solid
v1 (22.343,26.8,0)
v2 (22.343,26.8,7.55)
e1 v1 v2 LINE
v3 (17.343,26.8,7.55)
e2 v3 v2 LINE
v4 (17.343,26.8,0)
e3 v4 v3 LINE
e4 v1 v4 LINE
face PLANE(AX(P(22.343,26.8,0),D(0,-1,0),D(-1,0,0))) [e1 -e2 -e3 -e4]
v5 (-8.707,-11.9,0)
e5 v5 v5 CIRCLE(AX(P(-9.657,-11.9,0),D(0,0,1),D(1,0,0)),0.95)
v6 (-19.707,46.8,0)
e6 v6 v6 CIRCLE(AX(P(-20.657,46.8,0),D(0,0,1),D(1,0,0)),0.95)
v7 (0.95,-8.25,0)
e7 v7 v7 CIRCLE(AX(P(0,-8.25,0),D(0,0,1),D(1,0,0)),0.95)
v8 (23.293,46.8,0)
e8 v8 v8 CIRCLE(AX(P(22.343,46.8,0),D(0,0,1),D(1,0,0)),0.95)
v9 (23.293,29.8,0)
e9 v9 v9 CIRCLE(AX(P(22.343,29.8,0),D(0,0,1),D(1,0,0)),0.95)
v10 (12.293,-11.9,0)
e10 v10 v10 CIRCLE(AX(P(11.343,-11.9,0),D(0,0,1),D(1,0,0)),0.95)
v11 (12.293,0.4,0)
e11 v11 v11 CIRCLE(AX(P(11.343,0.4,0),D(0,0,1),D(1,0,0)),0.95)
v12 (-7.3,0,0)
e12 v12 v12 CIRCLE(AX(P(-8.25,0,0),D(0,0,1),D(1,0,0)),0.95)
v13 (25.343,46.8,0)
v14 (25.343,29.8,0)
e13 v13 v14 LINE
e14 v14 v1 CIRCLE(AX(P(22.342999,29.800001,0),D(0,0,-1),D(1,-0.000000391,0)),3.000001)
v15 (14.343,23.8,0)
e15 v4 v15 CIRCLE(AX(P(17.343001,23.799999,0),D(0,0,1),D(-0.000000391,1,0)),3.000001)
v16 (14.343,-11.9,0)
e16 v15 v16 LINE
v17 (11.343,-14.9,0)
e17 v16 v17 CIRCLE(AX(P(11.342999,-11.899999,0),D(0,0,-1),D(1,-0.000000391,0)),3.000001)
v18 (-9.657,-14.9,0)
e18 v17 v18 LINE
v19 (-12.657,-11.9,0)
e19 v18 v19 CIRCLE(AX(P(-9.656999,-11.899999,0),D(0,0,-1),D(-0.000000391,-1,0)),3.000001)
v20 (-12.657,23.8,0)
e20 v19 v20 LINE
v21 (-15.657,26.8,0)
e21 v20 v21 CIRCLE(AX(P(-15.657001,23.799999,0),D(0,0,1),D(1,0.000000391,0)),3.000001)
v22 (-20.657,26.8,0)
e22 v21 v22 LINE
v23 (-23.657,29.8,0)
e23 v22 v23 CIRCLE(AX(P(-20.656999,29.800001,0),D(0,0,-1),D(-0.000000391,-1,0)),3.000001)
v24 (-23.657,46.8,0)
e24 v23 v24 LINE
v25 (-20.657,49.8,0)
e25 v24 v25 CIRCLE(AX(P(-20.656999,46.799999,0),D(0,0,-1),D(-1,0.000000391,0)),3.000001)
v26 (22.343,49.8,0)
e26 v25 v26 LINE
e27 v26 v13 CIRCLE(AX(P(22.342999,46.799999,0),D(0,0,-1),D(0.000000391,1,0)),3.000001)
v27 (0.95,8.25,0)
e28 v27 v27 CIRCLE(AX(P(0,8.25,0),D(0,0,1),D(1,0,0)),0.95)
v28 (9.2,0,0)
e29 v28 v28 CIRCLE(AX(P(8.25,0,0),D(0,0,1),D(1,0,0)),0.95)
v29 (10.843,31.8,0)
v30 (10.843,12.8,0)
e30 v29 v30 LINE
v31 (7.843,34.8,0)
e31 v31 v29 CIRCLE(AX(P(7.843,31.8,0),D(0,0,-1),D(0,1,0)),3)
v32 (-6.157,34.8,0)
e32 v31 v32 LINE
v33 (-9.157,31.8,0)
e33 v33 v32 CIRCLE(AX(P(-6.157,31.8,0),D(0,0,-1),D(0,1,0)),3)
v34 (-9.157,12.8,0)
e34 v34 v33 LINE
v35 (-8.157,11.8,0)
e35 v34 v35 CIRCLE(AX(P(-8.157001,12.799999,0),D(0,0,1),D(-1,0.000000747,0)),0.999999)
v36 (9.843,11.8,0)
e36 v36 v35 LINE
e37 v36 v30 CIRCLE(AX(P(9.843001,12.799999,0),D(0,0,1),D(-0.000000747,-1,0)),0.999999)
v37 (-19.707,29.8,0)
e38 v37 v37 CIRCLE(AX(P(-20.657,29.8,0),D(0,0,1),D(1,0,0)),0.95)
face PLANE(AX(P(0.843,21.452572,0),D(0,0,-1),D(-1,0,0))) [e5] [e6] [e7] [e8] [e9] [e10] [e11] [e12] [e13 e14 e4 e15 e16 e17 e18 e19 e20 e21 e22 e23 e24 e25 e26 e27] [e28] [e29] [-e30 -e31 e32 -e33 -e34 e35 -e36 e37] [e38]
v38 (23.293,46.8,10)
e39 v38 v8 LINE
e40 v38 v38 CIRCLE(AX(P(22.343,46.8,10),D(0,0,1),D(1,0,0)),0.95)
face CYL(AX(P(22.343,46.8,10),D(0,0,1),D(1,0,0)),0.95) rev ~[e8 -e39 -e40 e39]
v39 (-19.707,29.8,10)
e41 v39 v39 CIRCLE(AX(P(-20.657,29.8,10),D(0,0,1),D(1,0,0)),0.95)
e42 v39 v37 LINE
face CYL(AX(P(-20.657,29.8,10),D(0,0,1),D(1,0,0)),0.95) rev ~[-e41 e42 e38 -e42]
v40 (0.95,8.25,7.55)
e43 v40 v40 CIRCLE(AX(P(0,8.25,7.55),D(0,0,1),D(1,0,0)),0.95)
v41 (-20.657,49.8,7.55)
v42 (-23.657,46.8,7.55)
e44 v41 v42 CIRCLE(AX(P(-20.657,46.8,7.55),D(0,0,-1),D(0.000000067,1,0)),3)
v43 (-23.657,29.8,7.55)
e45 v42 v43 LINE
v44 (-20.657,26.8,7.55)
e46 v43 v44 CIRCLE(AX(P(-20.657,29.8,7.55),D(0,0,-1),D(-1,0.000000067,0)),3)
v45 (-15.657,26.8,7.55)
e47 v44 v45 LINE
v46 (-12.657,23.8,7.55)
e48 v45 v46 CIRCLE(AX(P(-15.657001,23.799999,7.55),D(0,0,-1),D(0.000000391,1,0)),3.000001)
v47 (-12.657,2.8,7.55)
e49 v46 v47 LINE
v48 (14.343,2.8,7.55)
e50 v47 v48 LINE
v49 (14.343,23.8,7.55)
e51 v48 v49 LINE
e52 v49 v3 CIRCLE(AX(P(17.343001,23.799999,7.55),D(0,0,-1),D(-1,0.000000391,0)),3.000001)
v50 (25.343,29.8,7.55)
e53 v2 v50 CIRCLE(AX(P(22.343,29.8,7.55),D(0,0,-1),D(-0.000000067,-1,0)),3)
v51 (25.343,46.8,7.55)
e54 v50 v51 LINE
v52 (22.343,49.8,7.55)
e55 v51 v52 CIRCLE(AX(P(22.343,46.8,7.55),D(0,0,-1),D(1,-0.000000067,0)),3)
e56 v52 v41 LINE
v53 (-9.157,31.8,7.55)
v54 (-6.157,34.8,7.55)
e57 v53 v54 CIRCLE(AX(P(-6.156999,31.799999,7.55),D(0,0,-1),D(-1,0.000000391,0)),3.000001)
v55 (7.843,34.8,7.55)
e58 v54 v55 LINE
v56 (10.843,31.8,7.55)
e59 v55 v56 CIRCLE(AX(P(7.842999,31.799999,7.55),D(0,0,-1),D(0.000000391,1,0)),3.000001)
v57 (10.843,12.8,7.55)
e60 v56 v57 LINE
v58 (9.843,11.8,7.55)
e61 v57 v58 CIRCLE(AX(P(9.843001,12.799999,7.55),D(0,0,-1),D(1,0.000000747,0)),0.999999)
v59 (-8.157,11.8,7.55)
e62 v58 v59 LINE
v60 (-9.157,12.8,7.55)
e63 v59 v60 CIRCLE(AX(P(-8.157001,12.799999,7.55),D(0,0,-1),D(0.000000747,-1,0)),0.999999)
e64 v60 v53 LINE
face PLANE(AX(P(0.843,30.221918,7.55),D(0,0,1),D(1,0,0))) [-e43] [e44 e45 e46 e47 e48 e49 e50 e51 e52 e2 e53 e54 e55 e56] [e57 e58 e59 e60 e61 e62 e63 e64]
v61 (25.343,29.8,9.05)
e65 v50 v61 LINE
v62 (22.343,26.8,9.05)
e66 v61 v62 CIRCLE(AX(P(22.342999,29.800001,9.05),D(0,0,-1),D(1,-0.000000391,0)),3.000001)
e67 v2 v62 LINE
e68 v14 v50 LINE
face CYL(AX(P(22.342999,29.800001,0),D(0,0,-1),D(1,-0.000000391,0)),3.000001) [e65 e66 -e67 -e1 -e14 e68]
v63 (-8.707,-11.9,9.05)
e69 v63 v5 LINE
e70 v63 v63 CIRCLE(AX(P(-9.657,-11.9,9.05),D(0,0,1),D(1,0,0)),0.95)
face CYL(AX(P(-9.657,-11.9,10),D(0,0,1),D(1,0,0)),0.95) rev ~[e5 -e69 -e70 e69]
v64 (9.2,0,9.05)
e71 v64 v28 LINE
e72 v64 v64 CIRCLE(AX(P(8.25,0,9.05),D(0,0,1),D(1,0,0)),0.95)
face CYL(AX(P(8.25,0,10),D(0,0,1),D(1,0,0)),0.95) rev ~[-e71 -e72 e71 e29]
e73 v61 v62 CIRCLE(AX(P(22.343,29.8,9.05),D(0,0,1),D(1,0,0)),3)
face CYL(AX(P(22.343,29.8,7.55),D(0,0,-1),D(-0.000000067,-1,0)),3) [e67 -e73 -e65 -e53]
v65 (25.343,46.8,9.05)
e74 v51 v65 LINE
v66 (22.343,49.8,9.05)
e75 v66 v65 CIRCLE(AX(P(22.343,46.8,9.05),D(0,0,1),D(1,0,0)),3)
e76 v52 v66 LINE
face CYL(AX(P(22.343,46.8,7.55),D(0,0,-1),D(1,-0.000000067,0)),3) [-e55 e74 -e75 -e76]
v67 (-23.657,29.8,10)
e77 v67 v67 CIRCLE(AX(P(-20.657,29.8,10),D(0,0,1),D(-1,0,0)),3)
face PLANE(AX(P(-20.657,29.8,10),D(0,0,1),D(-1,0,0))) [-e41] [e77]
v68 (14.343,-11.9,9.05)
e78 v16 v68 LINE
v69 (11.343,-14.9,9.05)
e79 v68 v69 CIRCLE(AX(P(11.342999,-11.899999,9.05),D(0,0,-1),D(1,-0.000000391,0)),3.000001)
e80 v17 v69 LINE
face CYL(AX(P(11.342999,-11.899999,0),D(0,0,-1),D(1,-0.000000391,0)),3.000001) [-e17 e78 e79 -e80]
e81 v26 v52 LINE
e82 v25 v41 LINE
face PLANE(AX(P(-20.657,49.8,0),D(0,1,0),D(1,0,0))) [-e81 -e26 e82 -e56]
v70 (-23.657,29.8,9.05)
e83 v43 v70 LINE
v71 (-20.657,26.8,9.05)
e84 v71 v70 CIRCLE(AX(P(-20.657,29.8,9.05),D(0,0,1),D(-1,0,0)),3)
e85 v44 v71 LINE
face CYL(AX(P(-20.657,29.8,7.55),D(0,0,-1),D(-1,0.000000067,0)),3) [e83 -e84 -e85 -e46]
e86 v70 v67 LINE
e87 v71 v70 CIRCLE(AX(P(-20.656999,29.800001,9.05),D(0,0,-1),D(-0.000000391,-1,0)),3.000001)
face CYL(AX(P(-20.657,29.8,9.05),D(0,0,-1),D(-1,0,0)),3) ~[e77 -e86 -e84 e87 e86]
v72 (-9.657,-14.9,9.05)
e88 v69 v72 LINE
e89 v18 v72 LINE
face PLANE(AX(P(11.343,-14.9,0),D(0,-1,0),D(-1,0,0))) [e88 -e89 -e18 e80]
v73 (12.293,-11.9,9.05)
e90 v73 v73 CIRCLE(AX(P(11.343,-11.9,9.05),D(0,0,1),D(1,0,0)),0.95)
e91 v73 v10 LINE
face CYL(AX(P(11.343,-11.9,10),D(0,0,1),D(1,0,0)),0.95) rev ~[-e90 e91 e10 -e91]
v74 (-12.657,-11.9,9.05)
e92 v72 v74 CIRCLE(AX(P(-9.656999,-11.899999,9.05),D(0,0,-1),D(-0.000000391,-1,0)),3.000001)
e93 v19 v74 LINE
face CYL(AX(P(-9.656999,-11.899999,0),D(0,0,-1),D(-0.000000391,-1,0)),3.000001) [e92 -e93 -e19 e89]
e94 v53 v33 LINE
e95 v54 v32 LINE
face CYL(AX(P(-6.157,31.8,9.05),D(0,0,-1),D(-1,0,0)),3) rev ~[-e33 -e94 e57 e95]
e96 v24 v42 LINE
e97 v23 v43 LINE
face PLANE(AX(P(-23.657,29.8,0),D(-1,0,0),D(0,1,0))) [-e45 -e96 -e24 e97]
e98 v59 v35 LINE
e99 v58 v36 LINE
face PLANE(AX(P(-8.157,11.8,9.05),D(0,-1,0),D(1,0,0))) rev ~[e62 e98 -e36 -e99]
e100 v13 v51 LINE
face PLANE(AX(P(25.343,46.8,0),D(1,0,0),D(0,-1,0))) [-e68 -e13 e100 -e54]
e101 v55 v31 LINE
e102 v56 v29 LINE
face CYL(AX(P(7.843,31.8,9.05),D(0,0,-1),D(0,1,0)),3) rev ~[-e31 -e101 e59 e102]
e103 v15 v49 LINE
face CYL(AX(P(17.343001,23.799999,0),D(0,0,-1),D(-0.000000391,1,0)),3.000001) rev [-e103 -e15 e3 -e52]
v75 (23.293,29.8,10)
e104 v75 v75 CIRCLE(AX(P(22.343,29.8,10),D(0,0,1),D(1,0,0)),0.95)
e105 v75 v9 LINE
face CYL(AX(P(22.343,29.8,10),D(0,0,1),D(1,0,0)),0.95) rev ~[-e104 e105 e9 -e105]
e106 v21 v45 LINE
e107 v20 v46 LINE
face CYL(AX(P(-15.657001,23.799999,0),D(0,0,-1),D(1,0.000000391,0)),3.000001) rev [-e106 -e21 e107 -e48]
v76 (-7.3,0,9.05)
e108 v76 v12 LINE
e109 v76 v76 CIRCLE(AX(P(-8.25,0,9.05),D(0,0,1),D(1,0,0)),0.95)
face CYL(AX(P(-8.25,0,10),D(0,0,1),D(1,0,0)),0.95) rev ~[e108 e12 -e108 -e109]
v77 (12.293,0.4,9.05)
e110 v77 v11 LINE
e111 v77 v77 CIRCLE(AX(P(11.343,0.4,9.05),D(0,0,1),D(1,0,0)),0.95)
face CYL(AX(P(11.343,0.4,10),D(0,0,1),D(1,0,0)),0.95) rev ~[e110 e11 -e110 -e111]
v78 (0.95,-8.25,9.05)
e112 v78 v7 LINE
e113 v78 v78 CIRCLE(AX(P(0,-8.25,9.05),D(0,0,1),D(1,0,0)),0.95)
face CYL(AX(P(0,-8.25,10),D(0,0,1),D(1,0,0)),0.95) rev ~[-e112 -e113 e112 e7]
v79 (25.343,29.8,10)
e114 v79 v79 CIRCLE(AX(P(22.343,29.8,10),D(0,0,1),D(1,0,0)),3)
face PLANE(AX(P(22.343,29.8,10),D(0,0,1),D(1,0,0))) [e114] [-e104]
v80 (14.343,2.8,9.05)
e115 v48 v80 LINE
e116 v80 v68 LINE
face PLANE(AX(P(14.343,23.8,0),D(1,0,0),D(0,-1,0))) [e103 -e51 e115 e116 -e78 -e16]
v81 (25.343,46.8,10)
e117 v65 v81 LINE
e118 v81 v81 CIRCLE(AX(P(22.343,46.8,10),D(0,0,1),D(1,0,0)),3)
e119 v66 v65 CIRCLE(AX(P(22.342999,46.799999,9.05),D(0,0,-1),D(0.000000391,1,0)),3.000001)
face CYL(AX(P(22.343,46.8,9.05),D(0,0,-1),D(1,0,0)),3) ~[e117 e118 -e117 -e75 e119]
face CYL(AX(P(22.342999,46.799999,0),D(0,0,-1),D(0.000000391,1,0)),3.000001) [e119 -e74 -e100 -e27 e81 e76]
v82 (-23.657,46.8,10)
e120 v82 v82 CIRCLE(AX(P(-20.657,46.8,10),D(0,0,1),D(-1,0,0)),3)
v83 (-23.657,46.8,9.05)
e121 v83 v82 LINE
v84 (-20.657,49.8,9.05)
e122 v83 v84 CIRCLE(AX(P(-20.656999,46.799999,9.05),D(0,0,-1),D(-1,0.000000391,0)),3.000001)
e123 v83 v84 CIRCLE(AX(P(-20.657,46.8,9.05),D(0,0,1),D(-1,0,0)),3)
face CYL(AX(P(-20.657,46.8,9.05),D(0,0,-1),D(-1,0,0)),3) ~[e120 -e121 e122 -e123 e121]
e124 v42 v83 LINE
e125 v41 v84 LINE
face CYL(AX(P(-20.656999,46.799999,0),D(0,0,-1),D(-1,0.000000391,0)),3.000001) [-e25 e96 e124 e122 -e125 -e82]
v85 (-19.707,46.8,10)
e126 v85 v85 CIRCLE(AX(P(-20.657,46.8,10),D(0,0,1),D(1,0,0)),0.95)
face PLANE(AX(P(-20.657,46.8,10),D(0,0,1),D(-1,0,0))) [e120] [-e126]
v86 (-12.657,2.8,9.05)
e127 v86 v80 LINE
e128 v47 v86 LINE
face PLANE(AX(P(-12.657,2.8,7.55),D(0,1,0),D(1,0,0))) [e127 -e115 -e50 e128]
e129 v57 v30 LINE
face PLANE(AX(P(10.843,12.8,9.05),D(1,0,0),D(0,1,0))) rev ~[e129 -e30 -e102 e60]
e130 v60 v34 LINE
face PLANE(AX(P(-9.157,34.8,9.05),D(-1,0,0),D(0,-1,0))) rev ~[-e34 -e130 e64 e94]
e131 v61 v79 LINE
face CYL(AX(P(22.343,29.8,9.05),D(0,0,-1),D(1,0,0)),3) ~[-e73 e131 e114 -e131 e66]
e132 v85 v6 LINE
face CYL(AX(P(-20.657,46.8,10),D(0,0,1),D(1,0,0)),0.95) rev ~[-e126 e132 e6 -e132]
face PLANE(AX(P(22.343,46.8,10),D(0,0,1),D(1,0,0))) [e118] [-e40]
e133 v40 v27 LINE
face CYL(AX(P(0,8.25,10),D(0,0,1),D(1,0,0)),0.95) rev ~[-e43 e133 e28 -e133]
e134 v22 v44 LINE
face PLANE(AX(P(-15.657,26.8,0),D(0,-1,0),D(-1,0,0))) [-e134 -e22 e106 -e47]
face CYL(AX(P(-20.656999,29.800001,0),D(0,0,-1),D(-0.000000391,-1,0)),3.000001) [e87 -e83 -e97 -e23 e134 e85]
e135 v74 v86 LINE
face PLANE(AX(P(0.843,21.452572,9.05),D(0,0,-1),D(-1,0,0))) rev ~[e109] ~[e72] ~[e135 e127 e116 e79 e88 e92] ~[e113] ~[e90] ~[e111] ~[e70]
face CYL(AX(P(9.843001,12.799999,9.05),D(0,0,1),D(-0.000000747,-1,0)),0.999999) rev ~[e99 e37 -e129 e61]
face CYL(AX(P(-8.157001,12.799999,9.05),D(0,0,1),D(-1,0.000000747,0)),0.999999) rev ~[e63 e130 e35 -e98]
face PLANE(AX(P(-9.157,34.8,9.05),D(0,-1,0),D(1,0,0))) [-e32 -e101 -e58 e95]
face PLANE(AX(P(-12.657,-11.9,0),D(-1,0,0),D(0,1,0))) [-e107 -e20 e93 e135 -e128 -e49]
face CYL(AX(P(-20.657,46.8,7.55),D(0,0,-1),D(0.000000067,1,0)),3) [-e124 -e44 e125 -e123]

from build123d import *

# Parameters (mm, degrees)
BOSS_EXTRUDE1_DEPTH = 9.05
SKETCH2_W           = 20
SKETCH2_H           = 10
CUT_EXTRUDE1_DEPTH  = 57.605743
FILLET1_R           = 3
SKETCH4_R           = 3
BOSS_EXTRUDE2_DEPTH = 0.95
CUT_EXTRUDE2_START  = -1.5
CUT_EXTRUDE2_DEPTH  = 1.5
SKETCH5_R           = 0.95
CUT_EXTRUDE3_DEPTH  = 57.765374


with BuildPart() as part:
    # Sketch1 → Boss-Extrude1 (new body)
    with BuildSketch(Plane.XY):
        with BuildLine():
            Line((-23.657, 29.8), (-23.657, 46.8))
            ThreePointArc((-23.657, 46.8), (-22.77832, 48.92132), (-20.657, 49.8))
            Line((-20.657, 49.8), (22.343, 49.8))
            ThreePointArc((22.343, 49.8), (24.46432, 48.92132), (25.343, 46.8))
            Line((25.343, 46.8), (25.343, 29.8))
            ThreePointArc((25.343, 29.8), (24.46432, 27.67868), (22.343, 26.8))
            Line((22.343, 26.8), (17.343, 26.8))
            ThreePointArc((17.343, 26.8), (15.22168, 25.92132), (14.343, 23.8))
            Line((14.343, 23.8), (14.343, -11.9))
            ThreePointArc((14.343, -11.9), (13.46432, -14.02132), (11.343, -14.9))
            Line((11.343, -14.9), (-9.657, -14.9))
            ThreePointArc((-9.657, -14.9), (-11.77832, -14.02132), (-12.657, -11.9))
            Line((-12.657, -11.9), (-12.657, 23.8))
            ThreePointArc((-12.657, 23.8), (-13.53568, 25.92132), (-15.657, 26.8))
            Line((-15.657, 26.8), (-20.657, 26.8))
            ThreePointArc((-20.657, 26.8), (-22.77832, 27.67868), (-23.657, 29.8))
        make_face()
    extrude(amount=BOSS_EXTRUDE1_DEPTH)

    # Sketch2 → Cut-Extrude1 (cut, through all)
    with BuildSketch(Plane.XY.offset(9.05)):
        with BuildLine():
            Line((-8.157, 11.8), (9.843, 11.8))
            ThreePointArc((9.843, 11.8), (10.550107, 12.092893), (10.843, 12.8))
            Line((10.843, 12.8), (10.843, 24.8))
            Line((10.843, 24.8), (-9.157, 24.8))
            Line((-9.157, 24.8), (-9.157, 12.8))
            ThreePointArc((-9.157, 12.8), (-8.864107, 12.092893), (-8.157, 11.8))
        make_face()
        with Locations((0.843, 29.8)):
            Rectangle(SKETCH2_W, SKETCH2_H)
    extrude(amount=-CUT_EXTRUDE1_DEPTH, mode=Mode.SUBTRACT)

    # Fillet1
    fillet1_edges = [part.edges().sort_by_distance(p)[0] for p in [
        (-9.157, 34.8, 4.525),
        (10.843, 34.8, 4.525),
    ]]
    fillet(fillet1_edges, radius=FILLET1_R)

    # Sketch4 → Boss-Extrude2 (add)
    with BuildSketch(Plane.XY.offset(9.05)):
        with Locations((22.343, 29.8)):
            Circle(SKETCH4_R)
        with Locations((22.343, 46.8)):
            Circle(SKETCH4_R)
        with Locations(Location((-20.657, 46.8, 0), (0, 0, 180))):
            Circle(SKETCH4_R)
        with Locations(Location((-20.657, 29.8, 0), (0, 0, 180))):
            Circle(SKETCH4_R)
    extrude(amount=BOSS_EXTRUDE2_DEPTH)

    # Sketch3 → Cut-Extrude2 (cut)
    with BuildSketch(Plane.XY.offset(9.05).offset(CUT_EXTRUDE2_START)):
        with BuildLine():
            Line((-12.657, 2.8), (14.343, 2.8))
            Line((14.343, 2.8), (14.343, 23.8))
            ThreePointArc((14.343, 23.8), (15.22168, 25.92132), (17.343, 26.8))
            Line((17.343, 26.8), (22.343, 26.8))
            ThreePointArc((22.343, 26.8), (20.22168, 31.92132), (25.343, 29.8))
            Line((25.343, 29.8), (25.343, 46.8))
            ThreePointArc((25.343, 46.8), (20.22168, 44.67868), (22.343, 49.8))
            Line((22.343, 49.8), (-20.657, 49.8))
            ThreePointArc((-20.657, 49.8), (-18.53568, 44.67868), (-23.657, 46.8))
            Line((-23.657, 46.8), (-23.657, 29.8))
            ThreePointArc((-23.657, 29.8), (-18.53568, 31.92132), (-20.657, 26.8))
            Line((-20.657, 26.8), (-15.657, 26.8))
            ThreePointArc((-15.657, 26.8), (-13.53568, 25.92132), (-12.657, 23.8))
            Line((-12.657, 23.8), (-12.657, 2.8))
        make_face()
        with BuildLine():
            Line((10.843, 31.8), (10.843, 12.8))
            ThreePointArc((10.843, 12.8), (10.550107, 12.092893), (9.843, 11.8))
            Line((9.843, 11.8), (-8.157, 11.8))
            ThreePointArc((-8.157, 11.8), (-8.864107, 12.092893), (-9.157, 12.8))
            Line((-9.157, 12.8), (-9.157, 31.8))
            ThreePointArc((-9.157, 31.8), (-8.27832, 33.92132), (-6.157, 34.8))
            Line((-6.157, 34.8), (7.843, 34.8))
            ThreePointArc((7.843, 34.8), (9.96432, 33.92132), (10.843, 31.8))
        make_face(mode=Mode.SUBTRACT)
    extrude(amount=CUT_EXTRUDE2_DEPTH, mode=Mode.SUBTRACT)

    # Sketch5 → Cut-Extrude3 (cut, through all)
    with BuildSketch(Plane.XY.offset(10)):
        with Locations((22.343, 46.8)):
            Circle(SKETCH5_R)
        with Locations((22.343, 29.8)):
            Circle(SKETCH5_R)
        with Locations((-20.657, 46.8)):
            Circle(SKETCH5_R)
        with Locations((-20.657, 29.8)):
            Circle(SKETCH5_R)
        with Locations((-9.657, -11.9)):
            Circle(SKETCH5_R)
        with Locations((11.343, -11.9)):
            Circle(SKETCH5_R)
        with Locations((11.343, 0.4)):
            Circle(SKETCH5_R)
        with Locations((0, 8.25)):
            Circle(SKETCH5_R)
        with Locations((-8.25, 0)):
            Circle(SKETCH5_R)
        with Locations((8.25, 0)):
            Circle(SKETCH5_R)
        with Locations((0, -8.25)):
            Circle(SKETCH5_R)
    extrude(amount=-CUT_EXTRUDE3_DEPTH, mode=Mode.SUBTRACT)


solid = part.part
